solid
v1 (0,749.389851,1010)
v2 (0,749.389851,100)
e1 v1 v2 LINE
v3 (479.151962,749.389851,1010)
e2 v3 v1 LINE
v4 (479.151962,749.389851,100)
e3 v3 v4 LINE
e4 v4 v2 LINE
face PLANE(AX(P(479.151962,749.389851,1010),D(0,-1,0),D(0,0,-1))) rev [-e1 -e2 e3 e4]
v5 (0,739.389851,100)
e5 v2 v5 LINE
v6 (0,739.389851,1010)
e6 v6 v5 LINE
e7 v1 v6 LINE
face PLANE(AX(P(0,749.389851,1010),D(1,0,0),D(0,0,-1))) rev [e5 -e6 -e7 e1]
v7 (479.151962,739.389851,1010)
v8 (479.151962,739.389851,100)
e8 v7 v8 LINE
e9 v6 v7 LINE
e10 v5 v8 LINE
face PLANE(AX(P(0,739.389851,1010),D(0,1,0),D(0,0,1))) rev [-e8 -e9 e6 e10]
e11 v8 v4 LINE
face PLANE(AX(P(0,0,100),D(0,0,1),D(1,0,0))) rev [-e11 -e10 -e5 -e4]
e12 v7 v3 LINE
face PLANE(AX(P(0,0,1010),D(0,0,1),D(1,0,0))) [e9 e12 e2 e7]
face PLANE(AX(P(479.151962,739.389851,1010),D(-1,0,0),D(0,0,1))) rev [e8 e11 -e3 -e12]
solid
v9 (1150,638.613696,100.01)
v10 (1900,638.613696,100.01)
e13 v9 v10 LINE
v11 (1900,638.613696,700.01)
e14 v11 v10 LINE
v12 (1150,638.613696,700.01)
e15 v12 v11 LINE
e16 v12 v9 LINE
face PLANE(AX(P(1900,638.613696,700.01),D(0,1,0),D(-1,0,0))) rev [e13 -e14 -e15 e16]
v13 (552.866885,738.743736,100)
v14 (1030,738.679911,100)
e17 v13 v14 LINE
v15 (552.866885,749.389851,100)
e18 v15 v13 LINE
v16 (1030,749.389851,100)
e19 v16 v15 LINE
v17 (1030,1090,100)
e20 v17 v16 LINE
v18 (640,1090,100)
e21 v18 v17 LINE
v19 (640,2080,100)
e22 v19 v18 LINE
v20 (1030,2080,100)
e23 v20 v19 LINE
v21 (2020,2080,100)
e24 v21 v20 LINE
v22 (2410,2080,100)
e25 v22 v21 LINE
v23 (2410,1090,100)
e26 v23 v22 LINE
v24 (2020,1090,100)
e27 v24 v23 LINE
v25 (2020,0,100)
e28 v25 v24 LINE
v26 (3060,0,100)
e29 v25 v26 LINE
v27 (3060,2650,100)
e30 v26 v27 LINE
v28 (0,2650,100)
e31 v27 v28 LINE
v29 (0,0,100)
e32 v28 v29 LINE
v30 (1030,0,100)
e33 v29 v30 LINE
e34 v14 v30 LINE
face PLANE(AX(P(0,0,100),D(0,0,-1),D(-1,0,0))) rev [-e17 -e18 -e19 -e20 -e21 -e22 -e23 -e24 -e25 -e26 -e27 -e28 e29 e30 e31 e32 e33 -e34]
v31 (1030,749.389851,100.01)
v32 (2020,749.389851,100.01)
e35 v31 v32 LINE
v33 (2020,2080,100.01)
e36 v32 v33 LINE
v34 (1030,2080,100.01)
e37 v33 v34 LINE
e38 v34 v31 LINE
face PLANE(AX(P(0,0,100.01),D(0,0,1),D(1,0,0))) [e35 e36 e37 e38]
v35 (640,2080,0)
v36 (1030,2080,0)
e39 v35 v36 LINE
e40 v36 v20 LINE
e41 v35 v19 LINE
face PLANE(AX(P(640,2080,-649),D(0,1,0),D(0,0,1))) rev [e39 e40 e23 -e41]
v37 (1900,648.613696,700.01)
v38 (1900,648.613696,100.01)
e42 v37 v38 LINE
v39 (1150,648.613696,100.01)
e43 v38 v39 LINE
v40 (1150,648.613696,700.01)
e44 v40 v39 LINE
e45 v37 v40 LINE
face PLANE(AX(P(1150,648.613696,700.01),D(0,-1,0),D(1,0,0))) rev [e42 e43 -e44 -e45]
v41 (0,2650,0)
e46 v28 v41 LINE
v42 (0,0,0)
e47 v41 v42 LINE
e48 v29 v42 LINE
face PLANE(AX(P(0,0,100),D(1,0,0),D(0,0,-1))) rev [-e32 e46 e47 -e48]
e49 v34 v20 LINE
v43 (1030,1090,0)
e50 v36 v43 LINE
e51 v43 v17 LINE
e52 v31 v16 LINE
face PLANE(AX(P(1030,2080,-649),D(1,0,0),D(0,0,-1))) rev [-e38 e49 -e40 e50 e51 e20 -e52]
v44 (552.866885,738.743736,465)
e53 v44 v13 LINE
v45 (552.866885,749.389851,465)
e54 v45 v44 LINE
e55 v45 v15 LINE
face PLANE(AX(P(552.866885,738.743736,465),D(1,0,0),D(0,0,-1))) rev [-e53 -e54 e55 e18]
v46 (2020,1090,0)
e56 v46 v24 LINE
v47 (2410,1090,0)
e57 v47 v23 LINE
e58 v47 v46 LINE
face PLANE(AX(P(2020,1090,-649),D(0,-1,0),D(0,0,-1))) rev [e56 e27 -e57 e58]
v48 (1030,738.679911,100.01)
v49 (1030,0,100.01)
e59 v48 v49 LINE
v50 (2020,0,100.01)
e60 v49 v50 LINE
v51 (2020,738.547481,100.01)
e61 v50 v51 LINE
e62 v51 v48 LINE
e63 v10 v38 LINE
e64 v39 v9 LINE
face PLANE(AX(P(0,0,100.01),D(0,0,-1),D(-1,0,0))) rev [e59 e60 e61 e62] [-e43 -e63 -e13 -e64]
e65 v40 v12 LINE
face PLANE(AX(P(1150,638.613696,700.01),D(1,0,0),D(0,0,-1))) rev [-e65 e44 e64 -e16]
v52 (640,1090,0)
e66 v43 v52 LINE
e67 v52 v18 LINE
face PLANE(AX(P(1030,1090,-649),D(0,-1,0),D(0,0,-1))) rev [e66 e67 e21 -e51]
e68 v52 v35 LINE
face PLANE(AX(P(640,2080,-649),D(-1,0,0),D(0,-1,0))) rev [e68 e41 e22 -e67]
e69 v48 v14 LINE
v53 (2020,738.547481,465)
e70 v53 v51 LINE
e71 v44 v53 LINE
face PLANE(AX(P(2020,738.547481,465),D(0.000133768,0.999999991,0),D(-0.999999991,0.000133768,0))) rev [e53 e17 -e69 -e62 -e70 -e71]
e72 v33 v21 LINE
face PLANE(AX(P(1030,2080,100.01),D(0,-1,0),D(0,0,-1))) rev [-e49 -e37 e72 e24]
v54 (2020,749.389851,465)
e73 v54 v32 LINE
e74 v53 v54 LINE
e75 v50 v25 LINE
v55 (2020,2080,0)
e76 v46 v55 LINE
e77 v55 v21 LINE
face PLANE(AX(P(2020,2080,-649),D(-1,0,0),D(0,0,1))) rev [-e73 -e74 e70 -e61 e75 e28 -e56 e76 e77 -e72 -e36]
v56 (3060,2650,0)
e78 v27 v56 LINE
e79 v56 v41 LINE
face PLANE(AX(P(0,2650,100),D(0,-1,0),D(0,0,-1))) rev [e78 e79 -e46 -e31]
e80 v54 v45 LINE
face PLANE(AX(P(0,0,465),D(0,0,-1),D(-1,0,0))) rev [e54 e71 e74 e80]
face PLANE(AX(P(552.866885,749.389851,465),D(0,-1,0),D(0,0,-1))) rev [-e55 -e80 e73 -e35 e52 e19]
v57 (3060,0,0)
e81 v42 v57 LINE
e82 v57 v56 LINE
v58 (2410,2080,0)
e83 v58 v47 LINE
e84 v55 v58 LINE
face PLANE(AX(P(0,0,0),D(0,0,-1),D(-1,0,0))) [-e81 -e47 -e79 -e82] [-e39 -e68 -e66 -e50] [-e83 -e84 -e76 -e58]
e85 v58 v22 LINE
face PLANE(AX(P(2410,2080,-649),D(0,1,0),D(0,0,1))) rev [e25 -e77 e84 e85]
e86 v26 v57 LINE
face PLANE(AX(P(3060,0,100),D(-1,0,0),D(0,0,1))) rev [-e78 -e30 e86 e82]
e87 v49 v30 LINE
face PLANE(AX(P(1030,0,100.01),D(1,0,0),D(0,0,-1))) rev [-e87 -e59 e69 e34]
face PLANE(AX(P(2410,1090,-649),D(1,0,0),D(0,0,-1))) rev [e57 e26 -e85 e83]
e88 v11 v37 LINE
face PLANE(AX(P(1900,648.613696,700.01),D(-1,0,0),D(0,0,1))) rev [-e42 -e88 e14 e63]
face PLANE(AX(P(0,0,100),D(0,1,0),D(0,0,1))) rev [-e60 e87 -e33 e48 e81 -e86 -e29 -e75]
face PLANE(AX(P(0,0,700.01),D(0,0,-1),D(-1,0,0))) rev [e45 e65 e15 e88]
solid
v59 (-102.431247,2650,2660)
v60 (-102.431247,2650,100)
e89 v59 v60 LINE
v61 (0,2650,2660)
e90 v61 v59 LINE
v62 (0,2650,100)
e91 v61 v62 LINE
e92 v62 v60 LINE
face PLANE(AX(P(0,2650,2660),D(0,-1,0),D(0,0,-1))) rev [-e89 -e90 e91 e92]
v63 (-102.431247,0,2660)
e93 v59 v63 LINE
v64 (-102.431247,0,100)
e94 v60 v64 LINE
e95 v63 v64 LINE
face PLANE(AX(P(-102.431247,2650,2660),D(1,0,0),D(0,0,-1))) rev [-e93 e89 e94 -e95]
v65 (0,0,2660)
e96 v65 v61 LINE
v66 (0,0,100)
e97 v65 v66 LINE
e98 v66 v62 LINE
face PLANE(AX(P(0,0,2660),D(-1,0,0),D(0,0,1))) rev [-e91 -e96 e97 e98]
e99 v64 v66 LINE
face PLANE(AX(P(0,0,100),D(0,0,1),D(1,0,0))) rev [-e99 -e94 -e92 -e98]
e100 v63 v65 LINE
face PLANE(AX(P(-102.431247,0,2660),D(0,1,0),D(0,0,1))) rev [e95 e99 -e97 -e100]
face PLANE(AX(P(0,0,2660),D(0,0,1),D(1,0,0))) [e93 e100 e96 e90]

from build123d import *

# Parameters (mm, degrees)
ESBO_O6_W                = 3060
ESBO_O6_H                = 2650
RESSALTO_EXTRUS_O2_DEPTH = 100
ESBO_O7_W                = 390
ESBO_O7_H                = 990
CORTE_EXTRUS_O1_DEPTH    = 749
ESBO_O8_W                = 102.431246956
ESBO_O8_H                = 2650
RESSALTO_EXTRUS_O3_DEPTH = 2560
ESBO_O9_W                = 479.151961804
ESBO_O9_H                = 10
RESSALTO_EXTRUS_O5_DEPTH = 910
RESSALTO_EXTRUS_O7_DEPTH = 365
ESBO_O13_W               = 990
ESBO_O13_H               = 1330.610148593
RESSALTO_EXTRUS_O8_DEPTH = 0.01
ESBO_O14_W               = 750
ESBO_O14_H               = 10
RESSALTO_EXTRUS_O9_DEPTH = 600


with BuildPart() as part:
    # Esboço6 → Ressalto-extrusão2 (new body)
    with BuildSketch(Plane.XY):
        with Locations((1530, 1325)):
            Rectangle(ESBO_O6_W, ESBO_O6_H)
    extrude(amount=RESSALTO_EXTRUS_O2_DEPTH)

    # Esboço7 → Corte-extrusão1 (cut)
    with BuildSketch(Plane.XY.offset(100)):
        with Locations((2215, 1585)):
            Rectangle(ESBO_O7_W, ESBO_O7_H)
        with Locations((835, 1585)):
            Rectangle(ESBO_O7_W, ESBO_O7_H)
    extrude(amount=-CORTE_EXTRUS_O1_DEPTH, mode=Mode.SUBTRACT)

    # Esboço12 → Ressalto-extrusão7 (add)
    with BuildSketch(Plane.XY.offset(100)):
        Polygon((552.866885131, 749.389851407), (2020, 749.389851407), (2020, 738.547480568), (552.866885131, 738.743736065), align=None)
    extrude(amount=RESSALTO_EXTRUS_O7_DEPTH)

    # Esboço13 → Ressalto-extrusão8 (add)
    with BuildSketch(Plane.XY.offset(100)):
        with Locations((1525, 1414.694925704)):
            Rectangle(ESBO_O13_W, ESBO_O13_H)
        Polygon((2020, 738.547480568), (2020, 0), (1030, 0), (1030, 738.679910911), align=None)
    extrude(amount=RESSALTO_EXTRUS_O8_DEPTH)

    # Esboço14 → Ressalto-extrusão9 (add)
    with BuildSketch(Plane.XY.offset(100.01)):
        with Locations((1525, 643.61369574)):
            Rectangle(ESBO_O14_W, ESBO_O14_H)
    extrude(amount=RESSALTO_EXTRUS_O9_DEPTH)


with BuildPart() as body_2:
    # Esboço8 → Ressalto-extrusão3 (new body)
    with BuildSketch(Plane.XY.offset(100)):
        with Locations((-51.215623478, 1325)):
            Rectangle(ESBO_O8_W, ESBO_O8_H)
    extrude(amount=RESSALTO_EXTRUS_O3_DEPTH)


with BuildPart() as body_3:
    # Esboço9 → Ressalto-extrusão5 (new body)
    with BuildSketch(Plane.XY.offset(100)):
        with Locations((239.575980902, 744.389851407)):
            Rectangle(ESBO_O9_W, ESBO_O9_H)
    extrude(amount=RESSALTO_EXTRUS_O5_DEPTH)


solid = Compound([part.part, body_2.part, body_3.part])
